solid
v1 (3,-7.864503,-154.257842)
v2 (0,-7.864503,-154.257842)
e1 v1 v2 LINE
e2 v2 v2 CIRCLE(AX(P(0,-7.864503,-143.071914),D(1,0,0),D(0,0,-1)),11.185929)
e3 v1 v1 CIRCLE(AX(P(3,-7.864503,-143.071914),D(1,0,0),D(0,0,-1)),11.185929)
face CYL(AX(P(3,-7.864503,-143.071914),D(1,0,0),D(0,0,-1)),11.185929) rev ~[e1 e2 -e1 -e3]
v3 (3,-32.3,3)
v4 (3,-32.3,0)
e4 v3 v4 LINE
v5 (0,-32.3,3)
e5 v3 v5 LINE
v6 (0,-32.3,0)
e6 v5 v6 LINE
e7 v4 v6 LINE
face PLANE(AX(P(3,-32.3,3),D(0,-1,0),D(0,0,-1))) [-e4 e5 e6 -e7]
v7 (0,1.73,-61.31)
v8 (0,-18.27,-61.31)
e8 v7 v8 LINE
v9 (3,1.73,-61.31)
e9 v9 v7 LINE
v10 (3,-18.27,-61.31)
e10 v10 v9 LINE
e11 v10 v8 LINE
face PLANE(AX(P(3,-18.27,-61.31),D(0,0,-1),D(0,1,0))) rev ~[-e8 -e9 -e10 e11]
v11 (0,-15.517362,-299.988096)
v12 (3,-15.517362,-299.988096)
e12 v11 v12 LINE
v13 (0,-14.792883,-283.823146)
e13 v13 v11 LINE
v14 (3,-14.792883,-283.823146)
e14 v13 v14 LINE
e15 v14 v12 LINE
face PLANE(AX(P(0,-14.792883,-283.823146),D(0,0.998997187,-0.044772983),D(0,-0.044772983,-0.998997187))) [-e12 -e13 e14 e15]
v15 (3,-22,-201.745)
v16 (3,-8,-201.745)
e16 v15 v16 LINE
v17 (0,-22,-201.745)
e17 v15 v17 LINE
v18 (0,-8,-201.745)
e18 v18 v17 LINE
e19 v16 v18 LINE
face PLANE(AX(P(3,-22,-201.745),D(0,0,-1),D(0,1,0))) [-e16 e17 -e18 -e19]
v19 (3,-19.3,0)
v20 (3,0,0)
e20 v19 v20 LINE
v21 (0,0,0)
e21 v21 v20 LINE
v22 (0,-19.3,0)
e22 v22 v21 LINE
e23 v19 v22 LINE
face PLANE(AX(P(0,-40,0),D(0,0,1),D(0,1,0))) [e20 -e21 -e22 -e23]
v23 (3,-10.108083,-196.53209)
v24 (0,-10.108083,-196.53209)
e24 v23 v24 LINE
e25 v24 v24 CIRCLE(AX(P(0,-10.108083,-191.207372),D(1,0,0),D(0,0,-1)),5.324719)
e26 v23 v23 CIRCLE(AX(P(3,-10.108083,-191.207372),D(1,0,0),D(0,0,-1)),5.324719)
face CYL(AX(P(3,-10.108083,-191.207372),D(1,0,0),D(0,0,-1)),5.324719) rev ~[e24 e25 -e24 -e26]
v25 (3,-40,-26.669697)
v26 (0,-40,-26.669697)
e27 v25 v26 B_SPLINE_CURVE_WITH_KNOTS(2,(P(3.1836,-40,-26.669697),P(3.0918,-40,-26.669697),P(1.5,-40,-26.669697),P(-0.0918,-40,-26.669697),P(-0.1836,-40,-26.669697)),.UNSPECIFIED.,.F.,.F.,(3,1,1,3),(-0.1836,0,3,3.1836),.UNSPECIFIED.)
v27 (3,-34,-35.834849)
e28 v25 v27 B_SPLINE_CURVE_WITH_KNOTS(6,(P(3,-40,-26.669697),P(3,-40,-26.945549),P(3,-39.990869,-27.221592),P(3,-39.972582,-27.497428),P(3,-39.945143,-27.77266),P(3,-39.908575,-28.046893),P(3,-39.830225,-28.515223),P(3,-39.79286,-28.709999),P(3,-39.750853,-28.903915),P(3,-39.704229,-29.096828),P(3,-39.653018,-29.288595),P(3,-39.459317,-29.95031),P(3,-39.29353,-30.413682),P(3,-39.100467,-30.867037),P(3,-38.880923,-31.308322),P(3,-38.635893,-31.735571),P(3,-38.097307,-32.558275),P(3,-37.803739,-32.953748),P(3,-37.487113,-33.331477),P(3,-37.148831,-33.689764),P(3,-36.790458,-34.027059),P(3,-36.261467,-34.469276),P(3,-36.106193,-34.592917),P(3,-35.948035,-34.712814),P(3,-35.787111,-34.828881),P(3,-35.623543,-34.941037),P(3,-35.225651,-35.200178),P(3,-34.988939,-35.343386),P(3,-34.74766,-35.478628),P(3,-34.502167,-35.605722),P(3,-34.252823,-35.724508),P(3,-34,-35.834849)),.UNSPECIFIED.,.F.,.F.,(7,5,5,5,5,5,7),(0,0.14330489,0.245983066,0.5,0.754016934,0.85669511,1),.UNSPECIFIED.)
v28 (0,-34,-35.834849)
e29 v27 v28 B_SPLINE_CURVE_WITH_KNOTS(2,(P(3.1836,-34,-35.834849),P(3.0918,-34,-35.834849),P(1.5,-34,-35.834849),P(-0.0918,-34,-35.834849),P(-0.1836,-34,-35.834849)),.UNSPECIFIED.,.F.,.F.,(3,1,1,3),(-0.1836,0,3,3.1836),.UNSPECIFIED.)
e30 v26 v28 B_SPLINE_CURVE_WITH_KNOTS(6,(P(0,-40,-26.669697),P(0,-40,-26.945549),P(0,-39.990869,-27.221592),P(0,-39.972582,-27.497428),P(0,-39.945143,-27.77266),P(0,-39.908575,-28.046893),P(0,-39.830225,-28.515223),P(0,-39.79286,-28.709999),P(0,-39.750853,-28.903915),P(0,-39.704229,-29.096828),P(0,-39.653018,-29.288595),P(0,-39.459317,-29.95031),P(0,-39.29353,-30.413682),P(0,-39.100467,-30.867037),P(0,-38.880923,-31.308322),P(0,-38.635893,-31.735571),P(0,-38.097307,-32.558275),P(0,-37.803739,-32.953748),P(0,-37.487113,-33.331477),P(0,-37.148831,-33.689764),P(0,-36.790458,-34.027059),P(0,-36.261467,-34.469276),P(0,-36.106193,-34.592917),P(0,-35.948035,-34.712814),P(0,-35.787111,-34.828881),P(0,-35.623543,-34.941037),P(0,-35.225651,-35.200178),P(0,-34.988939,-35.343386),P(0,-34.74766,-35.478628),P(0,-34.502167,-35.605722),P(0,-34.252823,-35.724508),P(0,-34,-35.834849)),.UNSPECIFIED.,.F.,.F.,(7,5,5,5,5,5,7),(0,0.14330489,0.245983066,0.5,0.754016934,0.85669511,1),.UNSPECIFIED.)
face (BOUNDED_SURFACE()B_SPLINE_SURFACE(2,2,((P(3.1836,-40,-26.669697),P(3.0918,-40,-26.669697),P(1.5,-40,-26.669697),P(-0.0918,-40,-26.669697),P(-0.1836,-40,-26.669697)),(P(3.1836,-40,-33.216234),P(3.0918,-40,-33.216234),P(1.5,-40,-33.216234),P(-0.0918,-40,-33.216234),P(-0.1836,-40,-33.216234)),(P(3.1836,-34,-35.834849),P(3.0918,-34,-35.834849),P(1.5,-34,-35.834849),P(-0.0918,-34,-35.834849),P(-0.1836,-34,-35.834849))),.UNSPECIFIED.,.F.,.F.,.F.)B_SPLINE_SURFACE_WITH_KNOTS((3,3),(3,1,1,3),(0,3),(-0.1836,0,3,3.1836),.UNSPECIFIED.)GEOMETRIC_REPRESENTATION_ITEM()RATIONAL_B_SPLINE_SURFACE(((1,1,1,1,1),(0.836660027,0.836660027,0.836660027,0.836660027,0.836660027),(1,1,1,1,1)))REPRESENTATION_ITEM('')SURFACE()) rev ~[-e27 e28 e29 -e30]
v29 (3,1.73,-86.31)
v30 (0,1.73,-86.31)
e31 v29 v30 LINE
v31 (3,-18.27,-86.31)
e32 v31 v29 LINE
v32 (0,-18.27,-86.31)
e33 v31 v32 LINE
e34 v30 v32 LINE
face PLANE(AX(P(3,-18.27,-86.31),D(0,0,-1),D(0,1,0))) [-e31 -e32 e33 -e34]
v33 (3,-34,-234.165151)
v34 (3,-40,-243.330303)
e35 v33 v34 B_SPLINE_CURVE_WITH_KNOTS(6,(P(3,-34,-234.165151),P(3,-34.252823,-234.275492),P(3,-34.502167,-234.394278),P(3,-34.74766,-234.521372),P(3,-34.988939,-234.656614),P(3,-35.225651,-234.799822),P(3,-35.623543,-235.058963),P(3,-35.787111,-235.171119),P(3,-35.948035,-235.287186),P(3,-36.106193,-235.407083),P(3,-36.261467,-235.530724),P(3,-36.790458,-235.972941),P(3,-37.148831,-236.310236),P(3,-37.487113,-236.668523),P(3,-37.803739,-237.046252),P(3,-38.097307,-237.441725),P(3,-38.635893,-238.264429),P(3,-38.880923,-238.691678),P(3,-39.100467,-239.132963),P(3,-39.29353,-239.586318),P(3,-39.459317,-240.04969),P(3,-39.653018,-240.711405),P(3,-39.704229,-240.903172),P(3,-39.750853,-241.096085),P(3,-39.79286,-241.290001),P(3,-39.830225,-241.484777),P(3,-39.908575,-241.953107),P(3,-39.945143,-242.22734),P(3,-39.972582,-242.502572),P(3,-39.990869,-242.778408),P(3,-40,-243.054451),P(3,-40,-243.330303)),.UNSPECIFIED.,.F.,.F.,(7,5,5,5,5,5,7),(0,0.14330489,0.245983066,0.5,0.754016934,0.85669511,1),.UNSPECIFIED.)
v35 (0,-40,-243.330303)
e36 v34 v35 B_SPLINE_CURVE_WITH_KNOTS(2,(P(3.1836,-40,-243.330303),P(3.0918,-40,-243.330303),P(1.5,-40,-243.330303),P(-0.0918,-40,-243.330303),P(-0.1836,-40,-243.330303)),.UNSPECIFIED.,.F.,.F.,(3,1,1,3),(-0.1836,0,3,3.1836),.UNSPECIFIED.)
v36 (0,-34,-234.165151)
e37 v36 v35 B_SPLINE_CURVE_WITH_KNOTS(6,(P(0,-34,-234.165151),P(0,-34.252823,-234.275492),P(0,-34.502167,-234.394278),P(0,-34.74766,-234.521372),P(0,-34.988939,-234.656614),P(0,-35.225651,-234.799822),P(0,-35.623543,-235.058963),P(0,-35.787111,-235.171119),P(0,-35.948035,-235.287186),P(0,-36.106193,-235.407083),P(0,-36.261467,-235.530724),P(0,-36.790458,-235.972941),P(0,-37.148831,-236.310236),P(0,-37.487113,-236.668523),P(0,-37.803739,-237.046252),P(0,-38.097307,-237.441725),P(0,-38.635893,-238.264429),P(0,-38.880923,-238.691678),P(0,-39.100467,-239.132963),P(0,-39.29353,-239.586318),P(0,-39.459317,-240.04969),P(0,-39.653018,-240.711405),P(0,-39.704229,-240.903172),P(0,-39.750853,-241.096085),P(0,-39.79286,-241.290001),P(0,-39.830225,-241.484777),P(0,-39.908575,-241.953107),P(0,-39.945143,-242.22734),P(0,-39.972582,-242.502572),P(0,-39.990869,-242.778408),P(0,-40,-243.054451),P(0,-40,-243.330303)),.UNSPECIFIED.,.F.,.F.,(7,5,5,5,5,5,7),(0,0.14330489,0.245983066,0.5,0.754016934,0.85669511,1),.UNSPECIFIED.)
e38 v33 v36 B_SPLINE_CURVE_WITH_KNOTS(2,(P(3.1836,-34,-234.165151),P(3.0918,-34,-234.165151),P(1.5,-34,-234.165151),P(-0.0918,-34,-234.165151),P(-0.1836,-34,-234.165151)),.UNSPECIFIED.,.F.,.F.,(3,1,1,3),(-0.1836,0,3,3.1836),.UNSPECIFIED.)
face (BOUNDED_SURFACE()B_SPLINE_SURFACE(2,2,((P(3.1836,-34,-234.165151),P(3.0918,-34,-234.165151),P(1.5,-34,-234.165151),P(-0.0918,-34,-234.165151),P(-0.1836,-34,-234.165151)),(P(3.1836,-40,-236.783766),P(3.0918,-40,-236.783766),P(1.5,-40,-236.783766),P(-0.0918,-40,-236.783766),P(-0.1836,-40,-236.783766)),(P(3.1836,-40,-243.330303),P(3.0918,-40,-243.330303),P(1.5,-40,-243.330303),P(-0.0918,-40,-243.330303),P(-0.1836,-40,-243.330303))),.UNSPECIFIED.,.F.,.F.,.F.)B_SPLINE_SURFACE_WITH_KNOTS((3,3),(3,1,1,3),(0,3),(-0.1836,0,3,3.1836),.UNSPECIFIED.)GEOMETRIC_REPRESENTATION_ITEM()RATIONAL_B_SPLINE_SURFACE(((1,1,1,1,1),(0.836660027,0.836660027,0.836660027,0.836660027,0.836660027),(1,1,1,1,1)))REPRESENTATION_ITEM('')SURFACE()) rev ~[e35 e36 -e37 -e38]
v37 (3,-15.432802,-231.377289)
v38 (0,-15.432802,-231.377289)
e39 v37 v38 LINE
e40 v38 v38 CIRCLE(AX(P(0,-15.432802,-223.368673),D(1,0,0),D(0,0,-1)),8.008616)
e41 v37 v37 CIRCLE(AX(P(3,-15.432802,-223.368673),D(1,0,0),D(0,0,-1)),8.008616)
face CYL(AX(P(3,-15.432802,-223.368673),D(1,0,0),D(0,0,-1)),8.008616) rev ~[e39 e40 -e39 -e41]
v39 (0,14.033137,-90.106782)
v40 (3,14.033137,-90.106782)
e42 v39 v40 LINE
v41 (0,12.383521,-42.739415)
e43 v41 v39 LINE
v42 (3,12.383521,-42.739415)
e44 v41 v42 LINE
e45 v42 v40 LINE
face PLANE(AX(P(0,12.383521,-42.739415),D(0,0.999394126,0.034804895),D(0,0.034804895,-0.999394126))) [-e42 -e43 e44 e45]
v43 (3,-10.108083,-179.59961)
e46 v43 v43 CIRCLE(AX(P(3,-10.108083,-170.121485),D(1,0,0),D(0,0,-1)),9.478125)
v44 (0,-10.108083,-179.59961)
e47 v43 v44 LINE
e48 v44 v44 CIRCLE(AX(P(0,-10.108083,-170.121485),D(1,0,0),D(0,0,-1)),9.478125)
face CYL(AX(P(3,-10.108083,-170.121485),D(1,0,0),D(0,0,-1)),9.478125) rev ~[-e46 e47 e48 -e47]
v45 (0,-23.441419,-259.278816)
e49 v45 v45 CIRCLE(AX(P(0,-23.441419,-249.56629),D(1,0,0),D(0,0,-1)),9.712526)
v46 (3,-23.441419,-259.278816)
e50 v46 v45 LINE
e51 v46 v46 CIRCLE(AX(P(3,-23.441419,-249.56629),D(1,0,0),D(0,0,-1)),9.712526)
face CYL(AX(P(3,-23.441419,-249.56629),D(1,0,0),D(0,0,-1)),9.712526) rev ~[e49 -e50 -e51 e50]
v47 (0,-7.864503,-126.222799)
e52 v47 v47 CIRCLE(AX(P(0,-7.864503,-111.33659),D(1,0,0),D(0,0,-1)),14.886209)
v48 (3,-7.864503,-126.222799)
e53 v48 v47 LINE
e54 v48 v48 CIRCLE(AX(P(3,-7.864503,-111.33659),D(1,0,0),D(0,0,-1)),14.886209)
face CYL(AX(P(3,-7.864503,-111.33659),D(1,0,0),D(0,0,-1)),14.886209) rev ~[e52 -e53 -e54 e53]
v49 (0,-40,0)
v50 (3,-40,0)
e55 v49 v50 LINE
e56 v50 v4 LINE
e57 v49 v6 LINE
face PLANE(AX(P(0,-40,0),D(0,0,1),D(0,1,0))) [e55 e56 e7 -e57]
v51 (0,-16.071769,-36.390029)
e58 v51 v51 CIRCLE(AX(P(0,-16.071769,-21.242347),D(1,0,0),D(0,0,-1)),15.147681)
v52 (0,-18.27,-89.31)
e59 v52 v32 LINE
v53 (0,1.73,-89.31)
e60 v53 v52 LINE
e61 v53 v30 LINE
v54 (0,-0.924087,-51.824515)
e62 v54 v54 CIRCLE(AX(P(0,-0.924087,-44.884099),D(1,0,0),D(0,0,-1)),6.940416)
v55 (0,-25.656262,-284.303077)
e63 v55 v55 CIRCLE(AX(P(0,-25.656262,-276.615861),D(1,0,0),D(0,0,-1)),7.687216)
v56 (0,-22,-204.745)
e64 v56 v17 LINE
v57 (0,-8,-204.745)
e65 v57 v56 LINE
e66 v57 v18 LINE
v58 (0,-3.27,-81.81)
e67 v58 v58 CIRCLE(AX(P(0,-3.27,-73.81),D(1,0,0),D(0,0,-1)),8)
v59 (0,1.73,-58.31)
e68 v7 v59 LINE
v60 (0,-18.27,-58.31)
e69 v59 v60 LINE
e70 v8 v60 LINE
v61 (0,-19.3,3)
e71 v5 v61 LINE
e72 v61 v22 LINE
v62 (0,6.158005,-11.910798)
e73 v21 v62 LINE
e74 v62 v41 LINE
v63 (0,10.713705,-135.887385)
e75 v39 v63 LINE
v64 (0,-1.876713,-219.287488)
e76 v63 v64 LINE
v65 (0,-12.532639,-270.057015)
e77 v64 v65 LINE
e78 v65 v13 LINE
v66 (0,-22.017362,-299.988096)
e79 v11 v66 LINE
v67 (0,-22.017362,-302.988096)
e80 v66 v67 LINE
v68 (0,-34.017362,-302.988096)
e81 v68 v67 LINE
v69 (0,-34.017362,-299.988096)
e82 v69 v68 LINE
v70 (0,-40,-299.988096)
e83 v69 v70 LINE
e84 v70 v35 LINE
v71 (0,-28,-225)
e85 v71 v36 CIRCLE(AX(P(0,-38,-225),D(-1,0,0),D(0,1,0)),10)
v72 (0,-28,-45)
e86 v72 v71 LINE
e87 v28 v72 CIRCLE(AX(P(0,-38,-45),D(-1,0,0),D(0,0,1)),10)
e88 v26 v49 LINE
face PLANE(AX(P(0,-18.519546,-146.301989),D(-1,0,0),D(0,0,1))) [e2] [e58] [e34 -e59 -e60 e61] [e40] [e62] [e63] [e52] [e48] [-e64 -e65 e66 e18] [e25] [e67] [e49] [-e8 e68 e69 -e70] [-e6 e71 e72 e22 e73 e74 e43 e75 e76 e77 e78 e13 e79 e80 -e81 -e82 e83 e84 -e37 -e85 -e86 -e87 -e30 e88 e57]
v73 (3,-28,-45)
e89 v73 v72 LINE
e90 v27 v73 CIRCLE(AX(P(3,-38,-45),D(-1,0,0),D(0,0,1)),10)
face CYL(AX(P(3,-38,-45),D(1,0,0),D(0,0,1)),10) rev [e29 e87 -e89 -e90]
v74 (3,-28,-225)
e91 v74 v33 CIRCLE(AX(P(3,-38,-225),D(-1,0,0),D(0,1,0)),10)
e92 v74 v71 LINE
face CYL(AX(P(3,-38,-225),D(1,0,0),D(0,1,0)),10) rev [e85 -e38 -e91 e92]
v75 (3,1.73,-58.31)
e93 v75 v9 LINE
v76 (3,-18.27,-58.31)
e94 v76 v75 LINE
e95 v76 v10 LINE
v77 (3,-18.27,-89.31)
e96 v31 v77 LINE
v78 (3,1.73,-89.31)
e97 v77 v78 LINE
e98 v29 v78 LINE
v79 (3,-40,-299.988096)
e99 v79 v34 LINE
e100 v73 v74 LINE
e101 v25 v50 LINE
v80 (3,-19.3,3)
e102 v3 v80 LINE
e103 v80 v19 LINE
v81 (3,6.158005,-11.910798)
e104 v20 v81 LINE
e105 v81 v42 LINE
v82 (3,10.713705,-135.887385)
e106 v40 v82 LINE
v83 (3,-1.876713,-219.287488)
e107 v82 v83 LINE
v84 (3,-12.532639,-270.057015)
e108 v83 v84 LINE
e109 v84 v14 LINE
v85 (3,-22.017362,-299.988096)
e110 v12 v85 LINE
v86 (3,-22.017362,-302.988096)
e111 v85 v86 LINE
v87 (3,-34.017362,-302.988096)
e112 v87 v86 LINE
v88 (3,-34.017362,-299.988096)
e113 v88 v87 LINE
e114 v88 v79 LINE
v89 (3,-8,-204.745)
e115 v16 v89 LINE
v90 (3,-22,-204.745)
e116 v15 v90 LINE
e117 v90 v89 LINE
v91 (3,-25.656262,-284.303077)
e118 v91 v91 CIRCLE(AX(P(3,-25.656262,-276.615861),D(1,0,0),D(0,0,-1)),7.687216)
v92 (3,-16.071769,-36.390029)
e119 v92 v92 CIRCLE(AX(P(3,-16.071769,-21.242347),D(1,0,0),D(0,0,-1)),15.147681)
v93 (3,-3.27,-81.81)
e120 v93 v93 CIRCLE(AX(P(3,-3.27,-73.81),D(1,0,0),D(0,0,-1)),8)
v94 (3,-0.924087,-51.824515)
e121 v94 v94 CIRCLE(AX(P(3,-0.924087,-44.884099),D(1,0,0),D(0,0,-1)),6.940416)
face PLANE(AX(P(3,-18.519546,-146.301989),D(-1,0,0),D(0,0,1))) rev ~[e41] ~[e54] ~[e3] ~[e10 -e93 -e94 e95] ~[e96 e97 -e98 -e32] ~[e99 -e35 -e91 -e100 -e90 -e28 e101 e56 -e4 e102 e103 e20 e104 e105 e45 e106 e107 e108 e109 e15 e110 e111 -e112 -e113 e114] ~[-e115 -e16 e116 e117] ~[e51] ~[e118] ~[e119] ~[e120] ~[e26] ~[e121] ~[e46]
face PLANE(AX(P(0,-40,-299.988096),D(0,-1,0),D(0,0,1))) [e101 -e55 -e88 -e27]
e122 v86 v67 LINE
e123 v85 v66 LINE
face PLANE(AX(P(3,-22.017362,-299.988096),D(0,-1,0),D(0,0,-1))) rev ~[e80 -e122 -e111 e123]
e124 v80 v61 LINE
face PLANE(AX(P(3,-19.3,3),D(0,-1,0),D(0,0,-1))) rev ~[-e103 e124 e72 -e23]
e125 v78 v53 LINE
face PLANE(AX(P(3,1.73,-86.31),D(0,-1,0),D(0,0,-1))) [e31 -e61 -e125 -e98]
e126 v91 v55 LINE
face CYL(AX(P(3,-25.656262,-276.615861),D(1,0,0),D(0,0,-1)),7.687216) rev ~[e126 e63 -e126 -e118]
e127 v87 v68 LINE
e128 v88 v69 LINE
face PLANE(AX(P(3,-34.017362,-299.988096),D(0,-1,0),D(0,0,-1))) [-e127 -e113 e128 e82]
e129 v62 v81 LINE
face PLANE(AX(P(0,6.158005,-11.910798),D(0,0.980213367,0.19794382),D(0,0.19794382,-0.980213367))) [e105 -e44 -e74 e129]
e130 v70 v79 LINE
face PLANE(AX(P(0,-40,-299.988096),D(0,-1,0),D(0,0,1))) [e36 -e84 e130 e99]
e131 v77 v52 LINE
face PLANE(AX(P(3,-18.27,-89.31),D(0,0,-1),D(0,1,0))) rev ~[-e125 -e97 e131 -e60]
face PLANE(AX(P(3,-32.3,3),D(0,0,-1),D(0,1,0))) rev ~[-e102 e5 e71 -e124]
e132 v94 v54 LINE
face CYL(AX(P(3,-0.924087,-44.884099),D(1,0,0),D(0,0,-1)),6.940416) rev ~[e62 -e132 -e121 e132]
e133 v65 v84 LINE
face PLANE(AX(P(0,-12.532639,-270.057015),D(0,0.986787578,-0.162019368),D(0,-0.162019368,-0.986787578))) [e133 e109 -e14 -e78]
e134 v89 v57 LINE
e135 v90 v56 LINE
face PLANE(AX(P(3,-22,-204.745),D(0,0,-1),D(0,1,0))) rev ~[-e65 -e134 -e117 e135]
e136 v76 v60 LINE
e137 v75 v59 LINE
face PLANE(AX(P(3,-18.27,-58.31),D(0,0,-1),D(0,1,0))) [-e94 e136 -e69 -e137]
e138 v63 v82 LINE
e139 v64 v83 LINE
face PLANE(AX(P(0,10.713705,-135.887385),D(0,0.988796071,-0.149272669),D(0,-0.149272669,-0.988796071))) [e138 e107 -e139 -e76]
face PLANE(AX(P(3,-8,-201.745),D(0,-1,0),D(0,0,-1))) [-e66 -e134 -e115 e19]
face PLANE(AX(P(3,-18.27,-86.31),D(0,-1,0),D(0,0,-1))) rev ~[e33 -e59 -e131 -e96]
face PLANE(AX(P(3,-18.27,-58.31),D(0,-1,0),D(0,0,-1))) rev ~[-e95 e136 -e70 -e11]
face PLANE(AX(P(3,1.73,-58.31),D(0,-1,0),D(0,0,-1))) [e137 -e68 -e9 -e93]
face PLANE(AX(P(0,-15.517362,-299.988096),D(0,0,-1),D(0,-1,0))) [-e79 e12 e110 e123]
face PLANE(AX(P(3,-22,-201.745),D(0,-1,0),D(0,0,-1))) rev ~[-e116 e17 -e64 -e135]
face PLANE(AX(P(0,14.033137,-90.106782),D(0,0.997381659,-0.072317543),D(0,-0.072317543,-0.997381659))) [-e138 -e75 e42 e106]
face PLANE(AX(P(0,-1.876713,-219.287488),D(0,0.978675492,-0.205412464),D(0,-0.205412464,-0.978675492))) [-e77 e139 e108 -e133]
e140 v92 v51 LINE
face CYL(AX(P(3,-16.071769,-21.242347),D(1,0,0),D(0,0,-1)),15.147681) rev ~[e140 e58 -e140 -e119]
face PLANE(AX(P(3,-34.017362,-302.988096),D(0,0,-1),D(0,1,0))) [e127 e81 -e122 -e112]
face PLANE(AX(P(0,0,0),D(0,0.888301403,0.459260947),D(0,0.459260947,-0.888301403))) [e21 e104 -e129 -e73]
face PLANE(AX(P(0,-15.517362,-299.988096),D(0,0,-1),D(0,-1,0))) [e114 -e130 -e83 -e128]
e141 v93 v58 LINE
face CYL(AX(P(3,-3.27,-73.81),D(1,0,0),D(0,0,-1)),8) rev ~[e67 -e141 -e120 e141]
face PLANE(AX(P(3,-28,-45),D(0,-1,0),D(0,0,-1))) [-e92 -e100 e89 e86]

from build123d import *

# Parameters (mm, degrees)
BOSS_EXTRUDE1_DEPTH = 3
CUT_EXTRUDE1_DEPTH  = 3
FILLET1_R           = 10
SKETCH3_R           = 8
CUT_EXTRUDE2_DEPTH  = 3
SKETCH5_W           = 3
SKETCH5_H           = 13
SKETCH5_H_2         = 12
BOSS_EXTRUDE2_DEPTH = 3
SKETCH6_R           = 15.147681316
SKETCH6_R_2         = 6.940415837
SKETCH6_R_3         = 14.88620922
SKETCH6_R_4         = 11.185928508
SKETCH6_R_5         = 9.478125157
SKETCH6_R_6         = 5.324718802
SKETCH6_R_7         = 8.008616256
SKETCH6_R_8         = 9.712526273
SKETCH6_R_9         = 7.687216176
SKETCH6_W           = 3
SKETCH6_H           = 20
SKETCH6_H_2         = 14
CUT_EXTRUDE3_DEPTH  = 10


with BuildPart() as part:
    # Sketch1 → Boss-Extrude1 (new body)
    with BuildSketch(Plane(origin=(0, 0, 0), x_dir=(0, 0, -1), z_dir=(1, 0, 0))):
        Polygon((0, 0), (11.910798094, 6.158004928), (42.739414765, 12.383521095), (90.106781804, 14.033136775), (135.887385092, 10.713704644), (219.287488067, -1.876713431), (270.057015241, -12.532639482), (283.823146281, -14.792882614), (299.988096251, -15.517362165), (299.988096251, -40), (0, -40), align=None)
    extrude(amount=BOSS_EXTRUDE1_DEPTH)

    # Sketch2 → Cut-Extrude1 (cut)
    with BuildSketch(Plane(origin=(3, 0, 0), x_dir=(0, 0, -1), z_dir=(1, 0, 0))):
        with BuildLine():
            Line((35, -40), (35, -38))
            ThreePointArc((35, -38), (37.928932188, -30.928932188), (45, -28))
            Line((45, -28), (225, -28))
            ThreePointArc((225, -28), (232.071067812, -30.928932188), (235, -38))
            Line((235, -38), (235, -40))
            Line((235, -40), (35, -40))
        make_face()
    extrude(amount=-CUT_EXTRUDE1_DEPTH, mode=Mode.SUBTRACT)

    # Fillet1
    fillet1_edges = [part.edges().sort_by_distance(p)[0] for p in [
        (1.5, -40, -235),
        (1.5, -40, -35),
    ]]
    fillet(fillet1_edges, radius=FILLET1_R)

    # Sketch3 → Cut-Extrude2 (cut)
    with BuildSketch(Plane(origin=(3, 0, 0), x_dir=(0, 0, -1), z_dir=(1, 0, 0))):
        with Locations((73.81, -3.27)):
            Circle(SKETCH3_R)
    extrude(amount=-CUT_EXTRUDE2_DEPTH, mode=Mode.SUBTRACT)

    # Sketch5 → Boss-Extrude2 (add)
    with BuildSketch(Plane(origin=(3, 0, 0), x_dir=(0, 0, -1), z_dir=(1, 0, 0))):
        with Locations((-1.5, -25.8)):
            Rectangle(SKETCH5_W, SKETCH5_H)
        with Locations((301.488096251, -28.017362165)):
            Rectangle(SKETCH5_W, SKETCH5_H_2)
    extrude(amount=-BOSS_EXTRUDE2_DEPTH)

    # Sketch6 → Cut-Extrude3 (cut)
    with BuildSketch(Plane(origin=(3, 0, 0), x_dir=(0, 0, -1), z_dir=(1, 0, 0))):
        with Locations((21.242347481, -16.071768518)):
            Circle(SKETCH6_R)
        with Locations((44.884098964, -0.924087202)):
            Circle(SKETCH6_R_2)
        with Locations((111.33658962, -7.864503039)):
            Circle(SKETCH6_R_3)
        with Locations((143.071913682, -7.864503039)):
            Circle(SKETCH6_R_4)
        with Locations((170.121485199, -10.108083459)):
            Circle(SKETCH6_R_5)
        with Locations((191.207371657, -10.108083459)):
            Circle(SKETCH6_R_6)
        with Locations((223.368673224, -15.432802262)):
            Circle(SKETCH6_R_7)
        with Locations((249.566289732, -23.441418517)):
            Circle(SKETCH6_R_8)
        with Locations((276.615861249, -25.656262362)):
            Circle(SKETCH6_R_9)
        with Locations((59.81, -8.27)):
            Rectangle(SKETCH6_W, SKETCH6_H)
        with Locations((87.81, -8.27)):
            Rectangle(SKETCH6_W, SKETCH6_H)
        with Locations((203.245, -15)):
            Rectangle(SKETCH6_W, SKETCH6_H_2)
    extrude(amount=-CUT_EXTRUDE3_DEPTH, mode=Mode.SUBTRACT)


solid = part.part
